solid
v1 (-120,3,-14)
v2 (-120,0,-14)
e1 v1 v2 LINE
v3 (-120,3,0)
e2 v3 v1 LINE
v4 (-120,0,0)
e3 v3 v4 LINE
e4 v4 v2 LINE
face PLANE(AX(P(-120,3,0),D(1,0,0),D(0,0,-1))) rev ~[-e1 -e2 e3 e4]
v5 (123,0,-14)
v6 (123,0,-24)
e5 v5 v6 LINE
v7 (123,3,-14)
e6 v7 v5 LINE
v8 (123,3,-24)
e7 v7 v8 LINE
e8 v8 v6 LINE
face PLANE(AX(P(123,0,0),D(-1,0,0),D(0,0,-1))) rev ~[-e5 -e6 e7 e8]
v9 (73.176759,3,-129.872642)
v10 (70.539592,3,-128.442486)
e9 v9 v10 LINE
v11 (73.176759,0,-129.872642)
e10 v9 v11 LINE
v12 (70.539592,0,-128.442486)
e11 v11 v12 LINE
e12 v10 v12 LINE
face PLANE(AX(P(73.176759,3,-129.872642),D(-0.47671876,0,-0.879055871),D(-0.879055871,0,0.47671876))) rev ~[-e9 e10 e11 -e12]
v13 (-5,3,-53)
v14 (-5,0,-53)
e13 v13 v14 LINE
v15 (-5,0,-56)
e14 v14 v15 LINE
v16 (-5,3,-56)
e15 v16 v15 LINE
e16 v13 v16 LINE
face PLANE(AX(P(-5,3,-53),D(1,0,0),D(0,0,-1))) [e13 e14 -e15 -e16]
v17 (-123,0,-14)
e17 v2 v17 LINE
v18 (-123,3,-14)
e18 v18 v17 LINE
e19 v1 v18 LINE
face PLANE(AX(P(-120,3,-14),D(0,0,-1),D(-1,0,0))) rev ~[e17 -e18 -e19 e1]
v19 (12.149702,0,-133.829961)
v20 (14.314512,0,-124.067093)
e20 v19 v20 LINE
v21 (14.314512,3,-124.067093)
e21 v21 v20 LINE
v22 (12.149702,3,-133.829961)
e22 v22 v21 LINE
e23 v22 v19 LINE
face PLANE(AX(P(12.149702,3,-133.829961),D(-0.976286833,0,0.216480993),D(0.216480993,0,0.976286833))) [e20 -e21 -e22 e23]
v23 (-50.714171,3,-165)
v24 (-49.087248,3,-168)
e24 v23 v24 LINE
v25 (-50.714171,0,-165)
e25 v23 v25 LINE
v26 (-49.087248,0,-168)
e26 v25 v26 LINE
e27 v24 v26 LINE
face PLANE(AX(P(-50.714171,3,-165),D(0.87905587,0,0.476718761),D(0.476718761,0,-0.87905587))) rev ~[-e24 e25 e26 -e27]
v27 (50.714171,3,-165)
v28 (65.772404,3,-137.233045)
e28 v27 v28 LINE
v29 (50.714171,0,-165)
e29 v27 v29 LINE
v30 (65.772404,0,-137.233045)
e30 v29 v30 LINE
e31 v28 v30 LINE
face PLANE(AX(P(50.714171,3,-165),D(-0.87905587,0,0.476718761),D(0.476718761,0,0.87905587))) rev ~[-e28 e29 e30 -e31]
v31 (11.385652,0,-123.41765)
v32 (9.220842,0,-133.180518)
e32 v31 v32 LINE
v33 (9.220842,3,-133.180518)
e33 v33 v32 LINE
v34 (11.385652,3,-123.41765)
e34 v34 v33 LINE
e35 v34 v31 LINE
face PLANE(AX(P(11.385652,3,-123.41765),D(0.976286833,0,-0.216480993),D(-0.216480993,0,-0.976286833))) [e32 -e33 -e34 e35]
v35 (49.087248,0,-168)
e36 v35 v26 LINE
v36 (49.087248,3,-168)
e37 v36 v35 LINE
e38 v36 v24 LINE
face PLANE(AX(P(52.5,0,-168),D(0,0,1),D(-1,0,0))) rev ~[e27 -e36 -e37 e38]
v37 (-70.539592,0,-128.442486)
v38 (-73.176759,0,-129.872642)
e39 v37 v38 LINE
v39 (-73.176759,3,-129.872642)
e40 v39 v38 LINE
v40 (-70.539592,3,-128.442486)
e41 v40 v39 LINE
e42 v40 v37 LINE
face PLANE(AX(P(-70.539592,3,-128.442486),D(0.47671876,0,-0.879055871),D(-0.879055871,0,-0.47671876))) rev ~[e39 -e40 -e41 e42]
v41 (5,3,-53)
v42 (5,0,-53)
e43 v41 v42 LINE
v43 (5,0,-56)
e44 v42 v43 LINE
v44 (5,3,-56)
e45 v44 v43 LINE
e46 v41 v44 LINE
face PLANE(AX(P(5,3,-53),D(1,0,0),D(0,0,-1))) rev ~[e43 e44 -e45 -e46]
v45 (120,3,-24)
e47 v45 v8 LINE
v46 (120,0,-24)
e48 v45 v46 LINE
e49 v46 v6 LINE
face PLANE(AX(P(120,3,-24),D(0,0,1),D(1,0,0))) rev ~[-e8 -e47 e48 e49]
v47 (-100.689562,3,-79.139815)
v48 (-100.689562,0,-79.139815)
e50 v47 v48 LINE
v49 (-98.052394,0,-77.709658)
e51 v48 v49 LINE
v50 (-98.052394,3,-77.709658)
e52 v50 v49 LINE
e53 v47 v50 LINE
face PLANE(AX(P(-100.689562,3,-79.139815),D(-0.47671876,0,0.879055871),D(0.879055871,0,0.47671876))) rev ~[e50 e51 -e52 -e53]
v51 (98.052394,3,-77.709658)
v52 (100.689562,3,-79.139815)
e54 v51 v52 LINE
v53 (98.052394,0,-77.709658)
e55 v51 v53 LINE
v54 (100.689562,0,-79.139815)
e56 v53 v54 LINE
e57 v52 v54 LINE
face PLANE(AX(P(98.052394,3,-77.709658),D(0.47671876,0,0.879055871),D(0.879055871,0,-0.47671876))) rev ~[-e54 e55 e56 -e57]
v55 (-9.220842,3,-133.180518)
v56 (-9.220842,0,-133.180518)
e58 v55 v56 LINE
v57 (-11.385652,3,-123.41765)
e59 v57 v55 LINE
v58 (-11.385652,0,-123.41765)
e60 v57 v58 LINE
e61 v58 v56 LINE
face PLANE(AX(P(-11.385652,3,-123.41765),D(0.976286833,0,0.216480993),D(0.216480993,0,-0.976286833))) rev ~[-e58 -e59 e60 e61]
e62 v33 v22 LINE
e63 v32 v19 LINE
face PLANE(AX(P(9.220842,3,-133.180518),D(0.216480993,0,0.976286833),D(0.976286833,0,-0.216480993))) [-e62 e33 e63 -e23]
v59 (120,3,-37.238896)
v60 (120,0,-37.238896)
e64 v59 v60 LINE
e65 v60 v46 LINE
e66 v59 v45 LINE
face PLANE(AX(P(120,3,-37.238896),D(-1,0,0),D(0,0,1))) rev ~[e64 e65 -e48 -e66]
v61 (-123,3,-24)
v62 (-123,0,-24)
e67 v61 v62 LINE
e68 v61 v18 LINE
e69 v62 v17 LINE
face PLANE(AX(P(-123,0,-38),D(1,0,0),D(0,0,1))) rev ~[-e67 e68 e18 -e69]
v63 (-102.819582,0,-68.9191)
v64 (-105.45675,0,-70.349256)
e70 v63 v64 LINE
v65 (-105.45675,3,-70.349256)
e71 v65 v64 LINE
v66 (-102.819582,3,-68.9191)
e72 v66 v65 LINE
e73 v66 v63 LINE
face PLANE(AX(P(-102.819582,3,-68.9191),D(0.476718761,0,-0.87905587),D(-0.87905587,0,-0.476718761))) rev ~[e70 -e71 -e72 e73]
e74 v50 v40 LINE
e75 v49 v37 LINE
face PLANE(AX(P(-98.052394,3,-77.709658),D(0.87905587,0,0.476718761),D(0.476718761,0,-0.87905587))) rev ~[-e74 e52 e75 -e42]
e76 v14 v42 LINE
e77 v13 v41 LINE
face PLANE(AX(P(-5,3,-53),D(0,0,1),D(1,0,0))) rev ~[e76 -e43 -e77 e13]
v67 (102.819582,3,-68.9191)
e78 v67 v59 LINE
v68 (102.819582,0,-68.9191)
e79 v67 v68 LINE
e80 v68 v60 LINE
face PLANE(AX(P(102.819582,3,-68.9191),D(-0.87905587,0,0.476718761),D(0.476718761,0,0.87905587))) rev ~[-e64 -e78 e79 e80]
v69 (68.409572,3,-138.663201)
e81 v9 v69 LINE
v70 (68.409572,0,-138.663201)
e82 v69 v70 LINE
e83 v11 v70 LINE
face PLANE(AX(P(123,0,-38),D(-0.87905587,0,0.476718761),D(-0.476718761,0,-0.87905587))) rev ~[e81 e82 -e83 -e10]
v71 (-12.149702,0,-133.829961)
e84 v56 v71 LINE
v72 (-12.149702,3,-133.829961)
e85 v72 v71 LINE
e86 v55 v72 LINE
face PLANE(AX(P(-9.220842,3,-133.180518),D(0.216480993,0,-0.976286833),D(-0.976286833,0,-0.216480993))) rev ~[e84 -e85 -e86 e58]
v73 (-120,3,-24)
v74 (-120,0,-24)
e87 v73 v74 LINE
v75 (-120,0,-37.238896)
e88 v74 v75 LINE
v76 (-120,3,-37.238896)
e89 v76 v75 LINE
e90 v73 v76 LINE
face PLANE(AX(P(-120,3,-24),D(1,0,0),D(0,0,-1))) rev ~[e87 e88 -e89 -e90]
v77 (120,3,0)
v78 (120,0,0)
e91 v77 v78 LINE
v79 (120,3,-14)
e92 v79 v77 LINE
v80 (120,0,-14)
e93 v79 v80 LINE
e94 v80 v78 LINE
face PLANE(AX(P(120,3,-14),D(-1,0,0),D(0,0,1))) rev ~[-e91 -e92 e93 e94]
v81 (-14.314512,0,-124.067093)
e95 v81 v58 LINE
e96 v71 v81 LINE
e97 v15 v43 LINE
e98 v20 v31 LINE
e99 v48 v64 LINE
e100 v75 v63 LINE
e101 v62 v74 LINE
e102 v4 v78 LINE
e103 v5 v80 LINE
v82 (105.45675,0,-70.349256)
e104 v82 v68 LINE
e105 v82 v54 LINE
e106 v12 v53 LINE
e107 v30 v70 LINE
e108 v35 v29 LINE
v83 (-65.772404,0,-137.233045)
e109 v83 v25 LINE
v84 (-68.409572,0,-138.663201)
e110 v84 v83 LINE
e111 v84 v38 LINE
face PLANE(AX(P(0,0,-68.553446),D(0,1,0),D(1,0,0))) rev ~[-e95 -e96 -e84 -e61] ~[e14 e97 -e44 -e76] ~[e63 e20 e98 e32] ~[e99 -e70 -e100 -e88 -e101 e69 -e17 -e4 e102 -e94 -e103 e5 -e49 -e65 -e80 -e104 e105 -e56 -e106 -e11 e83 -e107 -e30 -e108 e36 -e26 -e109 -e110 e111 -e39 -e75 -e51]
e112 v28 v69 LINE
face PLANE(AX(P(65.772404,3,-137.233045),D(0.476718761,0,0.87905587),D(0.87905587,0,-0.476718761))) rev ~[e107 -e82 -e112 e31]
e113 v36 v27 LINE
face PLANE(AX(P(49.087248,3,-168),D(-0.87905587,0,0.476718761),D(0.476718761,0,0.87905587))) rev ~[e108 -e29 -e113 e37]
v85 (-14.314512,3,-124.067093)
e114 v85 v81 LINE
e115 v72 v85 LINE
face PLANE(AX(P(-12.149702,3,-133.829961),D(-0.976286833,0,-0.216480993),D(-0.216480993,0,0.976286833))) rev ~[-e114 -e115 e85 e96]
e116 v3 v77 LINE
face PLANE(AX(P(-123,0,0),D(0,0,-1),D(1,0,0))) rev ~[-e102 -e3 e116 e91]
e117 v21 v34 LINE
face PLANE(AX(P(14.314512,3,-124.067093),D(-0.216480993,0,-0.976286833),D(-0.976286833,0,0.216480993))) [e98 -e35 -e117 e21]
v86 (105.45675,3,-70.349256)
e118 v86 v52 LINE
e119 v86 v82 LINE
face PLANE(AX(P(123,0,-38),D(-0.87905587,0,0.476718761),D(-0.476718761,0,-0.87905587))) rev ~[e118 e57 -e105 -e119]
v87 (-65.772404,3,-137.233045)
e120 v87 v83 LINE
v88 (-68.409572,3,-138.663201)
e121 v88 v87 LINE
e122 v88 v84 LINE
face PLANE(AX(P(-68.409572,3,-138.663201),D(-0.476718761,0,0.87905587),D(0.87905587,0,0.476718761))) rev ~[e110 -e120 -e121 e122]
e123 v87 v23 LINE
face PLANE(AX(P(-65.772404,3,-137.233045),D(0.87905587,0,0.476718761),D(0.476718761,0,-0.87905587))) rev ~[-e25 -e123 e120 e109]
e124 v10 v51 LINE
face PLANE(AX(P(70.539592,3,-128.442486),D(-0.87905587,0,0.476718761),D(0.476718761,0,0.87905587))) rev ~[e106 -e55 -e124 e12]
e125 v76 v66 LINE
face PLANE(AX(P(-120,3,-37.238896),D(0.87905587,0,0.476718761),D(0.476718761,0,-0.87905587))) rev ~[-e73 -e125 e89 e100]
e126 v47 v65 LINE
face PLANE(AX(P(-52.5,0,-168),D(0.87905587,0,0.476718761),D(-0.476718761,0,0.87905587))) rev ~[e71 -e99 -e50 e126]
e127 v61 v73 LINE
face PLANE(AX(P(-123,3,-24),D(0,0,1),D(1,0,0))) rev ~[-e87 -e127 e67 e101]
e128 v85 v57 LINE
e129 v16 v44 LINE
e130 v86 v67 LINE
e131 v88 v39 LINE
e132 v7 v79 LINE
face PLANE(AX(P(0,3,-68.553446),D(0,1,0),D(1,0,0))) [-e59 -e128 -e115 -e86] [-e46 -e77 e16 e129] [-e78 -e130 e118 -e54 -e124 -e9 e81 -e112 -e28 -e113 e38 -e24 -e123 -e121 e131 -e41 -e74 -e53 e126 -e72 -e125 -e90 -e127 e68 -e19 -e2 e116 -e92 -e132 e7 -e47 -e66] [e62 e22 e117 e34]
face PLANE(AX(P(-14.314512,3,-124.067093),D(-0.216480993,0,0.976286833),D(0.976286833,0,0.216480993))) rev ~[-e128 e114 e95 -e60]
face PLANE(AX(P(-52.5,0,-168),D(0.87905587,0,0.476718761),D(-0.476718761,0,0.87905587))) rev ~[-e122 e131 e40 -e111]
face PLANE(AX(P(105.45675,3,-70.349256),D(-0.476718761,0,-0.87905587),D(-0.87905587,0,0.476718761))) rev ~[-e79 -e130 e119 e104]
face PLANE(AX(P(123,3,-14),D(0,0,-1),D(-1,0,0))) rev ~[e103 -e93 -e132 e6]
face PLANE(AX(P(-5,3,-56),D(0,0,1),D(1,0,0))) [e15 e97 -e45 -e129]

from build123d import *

# Parameters (mm, degrees)
BOSS_EXTRUDE1_DEPTH = 3
SKETCH2_W           = 10
SKETCH2_H           = 3
CUT_EXTRUDE3_DEPTH  = 10


with BuildPart() as part:
    # Sketch1 → Boss-Extrude1 (new body)
    with BuildSketch(Plane(origin=(0, 0, 0), x_dir=(1, 0, 0), z_dir=(0, 1, 0))):
        Polygon((-123, 0), (123, 0), (123, 38), (52.5, 168), (-52.5, 168), (-123, 38), align=None)
    extrude(amount=BOSS_EXTRUDE1_DEPTH)

    # Sketch2 → Cut-Extrude3 (cut)
    with BuildSketch(Plane(origin=(0, 3, 0), x_dir=(1, 0, 0), z_dir=(0, 1, 0))):
        Polygon((120, 3), (120, 0), (123, 0), (123, 14), (120, 14), align=None)
        Polygon((120, 37.23889635), (120, 24), (123, 24), (123, 38), (105.456749613, 70.349256033), (102.819582002, 68.919099751), align=None)
        Polygon((70.539591859, 128.44248583), (98.052394397, 77.709658456), (100.689562008, 79.139814737), (73.17675947, 129.872642111), align=None)
        Polygon((50.714170713, 165), (65.772404254, 137.233044534), (68.409571865, 138.663200816), (52.5, 168), (49.087247636, 168), align=None)
        Polygon((14.314512119, 124.067092532), (11.385651621, 123.417649552), (9.220841688, 133.180517879), (12.149702186, 133.829960859), align=None)
        Polygon((-12.149702186, 133.829960859), (-14.314512119, 124.067092532), (-11.385651621, 123.417649552), (-9.220841688, 133.180517879), align=None)
        with Locations((0, 54.5)):
            Rectangle(SKETCH2_W, SKETCH2_H)
        Polygon((-52.5, 168), (-68.409571865, 138.663200816), (-65.772404254, 137.233044534), (-50.714170713, 165), (-49.087247636, 168), align=None)
        Polygon((-73.17675947, 129.872642111), (-100.689562008, 79.139814737), (-98.052394397, 77.709658456), (-70.539591859, 128.44248583), align=None)
        Polygon((-123, 14), (-123, 0), (-120, 0), (-120, 3), (-120, 14), align=None)
        Polygon((-123, 38), (-123, 24), (-120, 24), (-120, 37.23889635), (-102.819582002, 68.919099751), (-105.456749613, 70.349256033), align=None)
    extrude(amount=-CUT_EXTRUDE3_DEPTH, mode=Mode.SUBTRACT)


solid = part.part
